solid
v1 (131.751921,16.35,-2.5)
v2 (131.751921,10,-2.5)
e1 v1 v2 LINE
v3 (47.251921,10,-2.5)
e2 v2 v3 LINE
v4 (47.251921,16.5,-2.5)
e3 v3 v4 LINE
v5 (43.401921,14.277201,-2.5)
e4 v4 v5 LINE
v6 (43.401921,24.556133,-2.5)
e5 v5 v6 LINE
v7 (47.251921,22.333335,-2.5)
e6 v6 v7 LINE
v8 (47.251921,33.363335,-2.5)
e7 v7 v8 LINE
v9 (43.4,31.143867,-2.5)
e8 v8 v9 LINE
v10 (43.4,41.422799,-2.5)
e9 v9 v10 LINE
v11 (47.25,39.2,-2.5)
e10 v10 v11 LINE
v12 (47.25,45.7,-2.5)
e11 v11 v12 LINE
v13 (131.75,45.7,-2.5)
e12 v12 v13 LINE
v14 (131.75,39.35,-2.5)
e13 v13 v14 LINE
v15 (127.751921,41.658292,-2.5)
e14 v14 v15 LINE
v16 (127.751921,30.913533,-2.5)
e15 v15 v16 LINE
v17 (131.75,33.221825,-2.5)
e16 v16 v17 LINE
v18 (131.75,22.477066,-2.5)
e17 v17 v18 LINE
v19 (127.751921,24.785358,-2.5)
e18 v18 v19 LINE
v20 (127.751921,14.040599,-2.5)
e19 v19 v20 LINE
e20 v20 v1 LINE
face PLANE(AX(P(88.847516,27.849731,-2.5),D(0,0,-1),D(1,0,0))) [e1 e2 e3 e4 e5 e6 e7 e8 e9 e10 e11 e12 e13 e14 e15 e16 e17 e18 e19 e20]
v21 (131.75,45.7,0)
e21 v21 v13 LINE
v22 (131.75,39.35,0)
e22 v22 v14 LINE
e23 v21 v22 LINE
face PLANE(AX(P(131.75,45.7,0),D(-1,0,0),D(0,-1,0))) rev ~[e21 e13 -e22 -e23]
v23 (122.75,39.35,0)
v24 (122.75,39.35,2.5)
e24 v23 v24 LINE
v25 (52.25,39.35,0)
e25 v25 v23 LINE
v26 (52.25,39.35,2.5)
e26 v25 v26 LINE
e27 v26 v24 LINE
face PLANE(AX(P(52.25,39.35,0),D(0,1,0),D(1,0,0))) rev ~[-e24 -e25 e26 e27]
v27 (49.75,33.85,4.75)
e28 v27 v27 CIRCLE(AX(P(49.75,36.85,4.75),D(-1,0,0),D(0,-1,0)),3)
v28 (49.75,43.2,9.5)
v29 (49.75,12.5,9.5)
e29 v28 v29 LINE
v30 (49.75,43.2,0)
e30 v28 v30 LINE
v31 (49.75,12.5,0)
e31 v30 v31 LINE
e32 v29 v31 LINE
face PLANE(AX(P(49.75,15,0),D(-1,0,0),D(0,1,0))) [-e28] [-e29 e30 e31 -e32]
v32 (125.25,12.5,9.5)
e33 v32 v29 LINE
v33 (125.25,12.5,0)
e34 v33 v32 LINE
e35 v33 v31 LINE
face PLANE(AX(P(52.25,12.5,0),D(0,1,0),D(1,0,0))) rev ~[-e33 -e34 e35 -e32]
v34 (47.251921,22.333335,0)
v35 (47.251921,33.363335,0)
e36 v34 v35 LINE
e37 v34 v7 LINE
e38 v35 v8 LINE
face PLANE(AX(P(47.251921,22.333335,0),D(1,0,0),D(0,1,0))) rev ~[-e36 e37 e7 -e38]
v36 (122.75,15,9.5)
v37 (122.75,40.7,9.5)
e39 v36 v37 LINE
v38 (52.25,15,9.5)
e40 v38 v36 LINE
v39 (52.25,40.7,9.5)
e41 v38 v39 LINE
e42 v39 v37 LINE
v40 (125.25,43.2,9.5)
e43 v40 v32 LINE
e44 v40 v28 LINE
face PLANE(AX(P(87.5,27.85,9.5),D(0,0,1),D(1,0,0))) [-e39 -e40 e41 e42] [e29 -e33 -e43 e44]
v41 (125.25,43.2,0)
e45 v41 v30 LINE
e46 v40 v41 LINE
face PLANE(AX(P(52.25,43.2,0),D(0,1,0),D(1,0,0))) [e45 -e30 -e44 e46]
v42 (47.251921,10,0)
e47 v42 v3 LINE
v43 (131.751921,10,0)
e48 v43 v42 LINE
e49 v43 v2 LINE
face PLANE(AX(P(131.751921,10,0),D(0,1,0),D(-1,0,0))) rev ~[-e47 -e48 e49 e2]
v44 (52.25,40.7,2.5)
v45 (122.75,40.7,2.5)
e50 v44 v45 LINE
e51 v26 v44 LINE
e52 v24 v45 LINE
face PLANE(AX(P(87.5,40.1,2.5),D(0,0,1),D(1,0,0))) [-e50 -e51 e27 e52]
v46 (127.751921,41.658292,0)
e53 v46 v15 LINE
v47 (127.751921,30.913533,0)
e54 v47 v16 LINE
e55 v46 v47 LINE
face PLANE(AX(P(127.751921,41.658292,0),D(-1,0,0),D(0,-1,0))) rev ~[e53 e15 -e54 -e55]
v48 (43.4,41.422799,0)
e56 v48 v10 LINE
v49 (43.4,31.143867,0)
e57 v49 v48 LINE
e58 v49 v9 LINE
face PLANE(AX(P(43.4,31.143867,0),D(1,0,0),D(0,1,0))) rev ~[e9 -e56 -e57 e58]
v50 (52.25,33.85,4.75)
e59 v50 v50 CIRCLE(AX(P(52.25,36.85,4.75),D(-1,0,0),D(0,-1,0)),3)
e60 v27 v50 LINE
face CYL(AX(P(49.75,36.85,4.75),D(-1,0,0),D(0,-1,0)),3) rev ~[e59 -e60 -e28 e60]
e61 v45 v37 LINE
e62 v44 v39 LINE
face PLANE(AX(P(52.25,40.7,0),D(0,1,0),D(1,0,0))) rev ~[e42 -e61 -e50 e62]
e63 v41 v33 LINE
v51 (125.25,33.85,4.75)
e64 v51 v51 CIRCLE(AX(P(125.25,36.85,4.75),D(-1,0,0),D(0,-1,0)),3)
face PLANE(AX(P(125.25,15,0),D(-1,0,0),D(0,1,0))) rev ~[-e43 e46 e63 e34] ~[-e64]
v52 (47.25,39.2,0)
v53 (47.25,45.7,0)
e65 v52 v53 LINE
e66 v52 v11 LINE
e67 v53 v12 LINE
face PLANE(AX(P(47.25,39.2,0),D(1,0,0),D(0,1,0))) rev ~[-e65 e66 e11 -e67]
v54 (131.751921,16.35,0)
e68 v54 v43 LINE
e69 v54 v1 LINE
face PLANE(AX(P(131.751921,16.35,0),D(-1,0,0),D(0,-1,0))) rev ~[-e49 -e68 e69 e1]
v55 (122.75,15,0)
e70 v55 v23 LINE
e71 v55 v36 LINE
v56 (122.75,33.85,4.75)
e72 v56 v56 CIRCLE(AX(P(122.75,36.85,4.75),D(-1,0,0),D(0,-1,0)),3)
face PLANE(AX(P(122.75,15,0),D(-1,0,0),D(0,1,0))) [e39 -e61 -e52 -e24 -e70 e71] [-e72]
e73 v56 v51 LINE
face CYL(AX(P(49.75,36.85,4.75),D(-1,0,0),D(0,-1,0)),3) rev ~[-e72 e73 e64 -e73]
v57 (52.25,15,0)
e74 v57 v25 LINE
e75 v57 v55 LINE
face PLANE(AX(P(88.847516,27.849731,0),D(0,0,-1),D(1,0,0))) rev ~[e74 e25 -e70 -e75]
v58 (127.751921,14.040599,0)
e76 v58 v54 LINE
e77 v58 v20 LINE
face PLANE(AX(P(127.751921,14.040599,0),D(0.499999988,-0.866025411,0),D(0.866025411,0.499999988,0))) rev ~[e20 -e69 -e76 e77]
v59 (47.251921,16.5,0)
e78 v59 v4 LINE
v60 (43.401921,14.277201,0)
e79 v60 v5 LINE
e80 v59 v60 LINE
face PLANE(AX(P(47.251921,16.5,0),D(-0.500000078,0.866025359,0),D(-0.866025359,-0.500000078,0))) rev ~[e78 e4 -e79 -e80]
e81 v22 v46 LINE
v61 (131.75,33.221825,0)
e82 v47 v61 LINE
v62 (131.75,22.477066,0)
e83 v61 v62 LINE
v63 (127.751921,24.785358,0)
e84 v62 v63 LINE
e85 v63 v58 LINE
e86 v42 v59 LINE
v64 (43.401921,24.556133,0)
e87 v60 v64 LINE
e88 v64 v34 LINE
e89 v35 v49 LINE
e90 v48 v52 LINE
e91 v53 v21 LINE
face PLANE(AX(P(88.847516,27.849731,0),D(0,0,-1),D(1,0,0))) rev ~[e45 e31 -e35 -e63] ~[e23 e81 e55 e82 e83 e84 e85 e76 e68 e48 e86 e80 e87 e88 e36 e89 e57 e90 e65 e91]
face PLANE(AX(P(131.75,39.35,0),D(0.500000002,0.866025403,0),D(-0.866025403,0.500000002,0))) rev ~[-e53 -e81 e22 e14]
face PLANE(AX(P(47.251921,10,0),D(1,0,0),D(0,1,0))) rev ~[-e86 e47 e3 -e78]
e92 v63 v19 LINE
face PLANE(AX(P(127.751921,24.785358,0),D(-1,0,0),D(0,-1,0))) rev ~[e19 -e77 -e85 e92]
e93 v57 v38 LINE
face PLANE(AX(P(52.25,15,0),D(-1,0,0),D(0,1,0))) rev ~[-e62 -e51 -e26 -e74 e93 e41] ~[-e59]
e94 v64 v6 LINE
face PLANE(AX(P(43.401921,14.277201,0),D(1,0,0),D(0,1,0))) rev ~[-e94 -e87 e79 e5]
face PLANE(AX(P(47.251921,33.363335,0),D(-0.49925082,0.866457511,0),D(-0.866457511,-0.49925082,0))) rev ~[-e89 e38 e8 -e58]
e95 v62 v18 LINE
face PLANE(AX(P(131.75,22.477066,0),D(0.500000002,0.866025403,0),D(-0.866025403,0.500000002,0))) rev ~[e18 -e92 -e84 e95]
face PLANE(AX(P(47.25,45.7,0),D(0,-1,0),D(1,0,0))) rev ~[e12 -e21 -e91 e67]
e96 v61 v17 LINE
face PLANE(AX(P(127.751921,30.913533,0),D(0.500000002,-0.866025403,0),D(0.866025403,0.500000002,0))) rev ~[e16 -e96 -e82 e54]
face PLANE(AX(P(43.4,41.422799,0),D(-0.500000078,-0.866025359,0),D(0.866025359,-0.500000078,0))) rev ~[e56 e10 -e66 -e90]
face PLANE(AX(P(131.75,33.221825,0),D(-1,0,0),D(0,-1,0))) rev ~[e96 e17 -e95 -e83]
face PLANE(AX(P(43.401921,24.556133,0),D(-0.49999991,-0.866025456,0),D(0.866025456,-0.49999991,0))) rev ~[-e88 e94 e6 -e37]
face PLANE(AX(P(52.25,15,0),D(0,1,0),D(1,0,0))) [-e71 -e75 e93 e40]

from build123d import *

# Parameters (mm, degrees)
SKETCH006_W     = 70.5
SKETCH006_H     = 25.7
PAD003_DEPTH    = 9.5
THICKNESS001_T  = 2.5
SKETCH007_R     = 3
POCKET002_DEPTH = 75.501
SKETCH046_W     = 70.5
SKETCH046_H     = 1.5
PAD039_DEPTH    = 2.5
PAD002_DEPTH    = 2.5


with BuildPart() as body002:
    # Sketch006 → Pad003 (new body)
    with BuildSketch(Plane.XY):
        with Locations((0, -48)):
            Rectangle(SKETCH006_W, SKETCH006_H)
    extrude(amount=PAD003_DEPTH)

    # Thickness001
    thickness001_openings = [body002.faces().sort_by_distance(p)[0] for p in [
        (0, -48, 9.5),
        (0, -48, 0),
    ]]
    offset(amount=THICKNESS001_T, openings=thickness001_openings, kind=Kind.INTERSECTION)

    # Sketch007 (on Face6 of Thickness001) → Pocket002 (cut, through all)
    with BuildSketch(Plane(origin=(-37.75, 0, 0), x_dir=(0, -1, 0), z_dir=(-1, 0, 0))):
        with Locations((39, 4.75)):
            Circle(SKETCH007_R)
    extrude(amount=-POCKET002_DEPTH, mode=Mode.SUBTRACT)

    # Sketch046 → Pad039 (join)
    with BuildSketch(Plane.XY):
        with Locations((0, -35.75)):
            Rectangle(SKETCH046_W, SKETCH046_H)
    extrude(amount=PAD039_DEPTH)


with BuildPart() as body002_1:
    # Body002 placement: moved
    add(body002.part.moved(Location((84.5, 36.85, 0))))


with BuildPart() as middle:
    # Sketch005 → Pad002 (new body)
    with BuildSketch(Plane(origin=(0, 0, 0), x_dir=(1, 0, 0), z_dir=(0, 0, -1))):
        Polygon((-40.25, 30.15), (40.25, 30.15), (44.25, 30.15), (44.25, 36.5), (40.251921, 34.191708), (40.251921, 44.936467), (44.25, 42.628175), (44.25, 53.372934), (40.251921, 51.064642), (40.251921, 61.809401), (44.251921, 59.5), (44.251921, 65.85), (40.251921, 65.85), (-40.248079, 65.85), (-40.248079, 59.35), (-44.098079, 61.572799), (-44.098079, 51.293867), (-40.248079, 53.516665), (-40.248079, 42.486665), (-44.1, 44.706133), (-44.1, 34.427201), (-40.25, 36.65), align=None)
    extrude(amount=PAD002_DEPTH)


with BuildPart() as middle_1:
    # Body001 placement: moved
    add(middle.part.moved(Location((84.5, 36.85, 0))))

    # Fusion003: union Body002
    add(body002_1.part)


with BuildPart() as middle_2:
    # Fusion003 placement: moved
    add(middle_1.part.moved(Location((3, 39, 0))))


solid = middle_2.part
